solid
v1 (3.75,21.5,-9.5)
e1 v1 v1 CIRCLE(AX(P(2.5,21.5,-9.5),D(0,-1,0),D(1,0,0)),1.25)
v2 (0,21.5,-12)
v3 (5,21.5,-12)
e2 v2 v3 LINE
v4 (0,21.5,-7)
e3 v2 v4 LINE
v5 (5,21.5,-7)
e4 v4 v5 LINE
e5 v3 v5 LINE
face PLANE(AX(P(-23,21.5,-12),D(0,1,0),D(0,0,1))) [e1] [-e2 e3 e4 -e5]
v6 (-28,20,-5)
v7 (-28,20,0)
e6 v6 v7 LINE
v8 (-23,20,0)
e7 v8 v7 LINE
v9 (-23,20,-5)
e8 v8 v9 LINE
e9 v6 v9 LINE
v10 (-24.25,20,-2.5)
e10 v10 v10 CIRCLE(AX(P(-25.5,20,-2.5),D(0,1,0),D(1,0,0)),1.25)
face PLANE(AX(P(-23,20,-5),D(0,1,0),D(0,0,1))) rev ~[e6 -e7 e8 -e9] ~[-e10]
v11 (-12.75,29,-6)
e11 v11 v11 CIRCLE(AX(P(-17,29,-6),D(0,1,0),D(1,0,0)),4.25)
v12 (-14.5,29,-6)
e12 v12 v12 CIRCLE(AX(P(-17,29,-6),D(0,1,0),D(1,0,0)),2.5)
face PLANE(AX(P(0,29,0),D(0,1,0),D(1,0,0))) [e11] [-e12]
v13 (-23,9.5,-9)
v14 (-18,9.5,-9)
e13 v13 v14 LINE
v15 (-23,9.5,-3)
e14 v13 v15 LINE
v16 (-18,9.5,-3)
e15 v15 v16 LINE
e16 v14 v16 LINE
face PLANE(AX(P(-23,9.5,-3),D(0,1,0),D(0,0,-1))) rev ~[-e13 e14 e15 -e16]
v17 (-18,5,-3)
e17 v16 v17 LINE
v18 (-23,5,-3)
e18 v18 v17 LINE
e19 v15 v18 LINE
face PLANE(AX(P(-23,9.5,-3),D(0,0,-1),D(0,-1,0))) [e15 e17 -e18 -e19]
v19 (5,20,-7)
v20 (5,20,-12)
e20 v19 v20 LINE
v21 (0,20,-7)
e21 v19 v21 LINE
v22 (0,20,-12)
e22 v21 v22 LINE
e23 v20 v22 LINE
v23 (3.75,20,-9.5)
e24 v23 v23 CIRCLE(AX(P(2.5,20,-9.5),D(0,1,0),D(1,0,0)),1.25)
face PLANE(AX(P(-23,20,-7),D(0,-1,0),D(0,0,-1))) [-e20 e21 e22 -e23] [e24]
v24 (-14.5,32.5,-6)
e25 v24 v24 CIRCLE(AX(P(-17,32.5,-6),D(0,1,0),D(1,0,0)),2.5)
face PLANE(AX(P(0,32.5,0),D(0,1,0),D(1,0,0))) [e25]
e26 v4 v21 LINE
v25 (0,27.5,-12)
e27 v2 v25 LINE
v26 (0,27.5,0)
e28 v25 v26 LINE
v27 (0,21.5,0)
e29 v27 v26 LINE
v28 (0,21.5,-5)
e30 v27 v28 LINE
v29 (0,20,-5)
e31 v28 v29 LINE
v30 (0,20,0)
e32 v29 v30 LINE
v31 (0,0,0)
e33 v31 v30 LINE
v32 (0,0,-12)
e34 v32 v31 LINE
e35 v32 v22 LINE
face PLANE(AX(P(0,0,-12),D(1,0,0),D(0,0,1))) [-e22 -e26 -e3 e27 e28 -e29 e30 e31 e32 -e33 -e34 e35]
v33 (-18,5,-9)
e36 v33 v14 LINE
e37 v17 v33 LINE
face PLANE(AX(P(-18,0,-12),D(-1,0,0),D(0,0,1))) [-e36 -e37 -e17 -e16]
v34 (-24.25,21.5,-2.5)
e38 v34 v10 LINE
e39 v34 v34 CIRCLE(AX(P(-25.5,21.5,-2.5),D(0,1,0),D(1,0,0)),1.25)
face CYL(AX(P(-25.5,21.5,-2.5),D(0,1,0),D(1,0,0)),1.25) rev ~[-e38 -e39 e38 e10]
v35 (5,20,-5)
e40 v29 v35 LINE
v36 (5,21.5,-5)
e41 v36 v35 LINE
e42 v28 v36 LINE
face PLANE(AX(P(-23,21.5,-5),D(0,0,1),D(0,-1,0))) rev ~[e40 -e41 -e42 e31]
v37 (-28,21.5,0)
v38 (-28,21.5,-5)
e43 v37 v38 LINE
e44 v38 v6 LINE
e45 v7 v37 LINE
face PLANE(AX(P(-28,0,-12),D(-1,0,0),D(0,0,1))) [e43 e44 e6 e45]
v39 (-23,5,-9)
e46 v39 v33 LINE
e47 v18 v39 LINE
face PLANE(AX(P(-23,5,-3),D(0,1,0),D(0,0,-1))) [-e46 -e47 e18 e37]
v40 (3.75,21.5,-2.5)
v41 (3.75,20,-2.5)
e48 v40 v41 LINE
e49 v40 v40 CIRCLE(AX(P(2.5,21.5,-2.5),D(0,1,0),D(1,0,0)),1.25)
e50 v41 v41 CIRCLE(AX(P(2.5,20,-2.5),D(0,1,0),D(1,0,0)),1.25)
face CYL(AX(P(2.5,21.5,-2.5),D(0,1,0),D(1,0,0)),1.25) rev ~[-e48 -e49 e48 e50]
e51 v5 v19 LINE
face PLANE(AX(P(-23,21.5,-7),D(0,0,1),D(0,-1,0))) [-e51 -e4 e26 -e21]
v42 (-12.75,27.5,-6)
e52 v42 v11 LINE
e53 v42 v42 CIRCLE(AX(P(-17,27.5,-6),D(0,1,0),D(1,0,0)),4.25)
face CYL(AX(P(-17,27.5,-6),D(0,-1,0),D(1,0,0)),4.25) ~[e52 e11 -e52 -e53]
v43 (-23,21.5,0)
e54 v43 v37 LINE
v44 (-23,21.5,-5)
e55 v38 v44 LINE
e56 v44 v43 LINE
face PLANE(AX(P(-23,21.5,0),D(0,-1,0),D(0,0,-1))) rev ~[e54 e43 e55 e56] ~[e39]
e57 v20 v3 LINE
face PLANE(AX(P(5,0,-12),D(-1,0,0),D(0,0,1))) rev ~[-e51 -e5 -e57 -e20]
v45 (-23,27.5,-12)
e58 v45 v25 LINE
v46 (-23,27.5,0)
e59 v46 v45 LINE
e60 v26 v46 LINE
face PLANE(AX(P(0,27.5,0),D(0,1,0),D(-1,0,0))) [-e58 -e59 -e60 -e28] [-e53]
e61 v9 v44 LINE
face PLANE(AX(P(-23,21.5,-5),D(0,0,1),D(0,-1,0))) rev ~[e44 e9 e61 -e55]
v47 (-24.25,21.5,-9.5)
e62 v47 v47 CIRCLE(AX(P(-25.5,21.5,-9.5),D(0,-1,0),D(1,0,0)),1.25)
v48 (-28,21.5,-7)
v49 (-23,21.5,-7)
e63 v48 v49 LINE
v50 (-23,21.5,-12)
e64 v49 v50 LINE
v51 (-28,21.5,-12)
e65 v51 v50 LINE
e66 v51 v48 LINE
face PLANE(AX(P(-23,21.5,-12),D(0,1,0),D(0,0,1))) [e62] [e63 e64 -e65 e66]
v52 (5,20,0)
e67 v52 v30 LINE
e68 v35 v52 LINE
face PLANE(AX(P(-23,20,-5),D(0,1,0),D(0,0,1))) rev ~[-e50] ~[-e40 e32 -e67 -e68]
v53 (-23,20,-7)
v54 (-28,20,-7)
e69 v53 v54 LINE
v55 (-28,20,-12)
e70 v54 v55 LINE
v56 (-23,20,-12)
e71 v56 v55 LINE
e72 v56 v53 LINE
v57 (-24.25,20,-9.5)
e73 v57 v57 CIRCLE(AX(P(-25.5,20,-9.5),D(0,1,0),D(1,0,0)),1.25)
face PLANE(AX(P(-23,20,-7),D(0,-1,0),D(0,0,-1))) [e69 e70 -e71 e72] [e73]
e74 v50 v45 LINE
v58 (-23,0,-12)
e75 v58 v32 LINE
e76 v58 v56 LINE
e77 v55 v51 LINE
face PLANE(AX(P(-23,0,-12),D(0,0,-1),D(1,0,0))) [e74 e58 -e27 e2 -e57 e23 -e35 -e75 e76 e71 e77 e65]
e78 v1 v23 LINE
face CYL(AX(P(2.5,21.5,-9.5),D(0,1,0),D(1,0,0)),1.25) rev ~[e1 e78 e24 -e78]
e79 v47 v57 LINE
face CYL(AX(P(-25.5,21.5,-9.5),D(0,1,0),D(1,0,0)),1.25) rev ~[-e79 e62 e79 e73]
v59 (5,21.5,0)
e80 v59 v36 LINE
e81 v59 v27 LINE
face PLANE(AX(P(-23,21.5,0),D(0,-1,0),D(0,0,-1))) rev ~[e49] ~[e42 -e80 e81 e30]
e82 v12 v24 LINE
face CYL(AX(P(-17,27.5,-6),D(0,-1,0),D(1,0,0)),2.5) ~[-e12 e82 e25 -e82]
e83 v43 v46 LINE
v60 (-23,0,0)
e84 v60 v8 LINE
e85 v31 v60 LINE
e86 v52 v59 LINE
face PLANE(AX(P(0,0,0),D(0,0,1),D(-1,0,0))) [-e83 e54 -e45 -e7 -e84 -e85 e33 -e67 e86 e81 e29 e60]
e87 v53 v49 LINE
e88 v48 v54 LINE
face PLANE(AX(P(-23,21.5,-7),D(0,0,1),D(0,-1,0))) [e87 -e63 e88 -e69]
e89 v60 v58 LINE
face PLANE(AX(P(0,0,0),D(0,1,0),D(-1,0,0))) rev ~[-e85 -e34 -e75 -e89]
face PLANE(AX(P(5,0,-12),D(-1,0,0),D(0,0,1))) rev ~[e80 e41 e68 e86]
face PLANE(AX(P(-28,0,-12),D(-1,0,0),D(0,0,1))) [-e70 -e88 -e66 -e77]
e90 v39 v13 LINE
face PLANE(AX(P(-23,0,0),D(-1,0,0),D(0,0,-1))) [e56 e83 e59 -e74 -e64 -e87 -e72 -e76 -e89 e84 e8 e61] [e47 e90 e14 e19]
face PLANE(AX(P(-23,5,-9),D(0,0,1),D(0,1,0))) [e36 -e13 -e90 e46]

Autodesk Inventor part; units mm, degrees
ref_plane "YZ Plane" through (0, 0, 0) normal (1, 0, 0) x (0, 1, 0)
ref_plane "XZ Plane" through (0, 0, 0) normal (0, 1, 0) x (-1, 0, 0)
ref_plane "XY Plane" through (0, 0, 0) normal (0, 0, 1) x (1, 0, 0)
sketch "Boceto1" plane through (0, 0, 0) normal (0, 1, 0) x (-1, 0, 0)
  line L0 (0, 0) -> (23, 0)
  line L1 (23, 0) -> (23, -12)
  line L2 (23, -12) -> (0, -12)
  line L3 (0, -12) -> (0, 0)
  dimension "d0" = 23
  dimension "d1" = 12
extrude "Extrusión1" add sketch "Boceto1" along normal blind 27.5
sketch "Boceto2" plane through (0, 27.5, 0) normal (0, 1, 0) x (1, 0, 0)
  line L0 (0, 0) -> (0, 12) projected
  line L1 (0, 0) -> (0, 12)
  line L2 (0, 6) -> (-17, 6)
  circle A0 centre (-17, 6) radius 4.25
  circle A1 centre (-17, 6) radius 2.5
  dimension "d4" = 17
  dimension "d5" = 8.5
  dimension "d6" = 5
extrude "Extrusión2" add sketch "Boceto2" along normal blind 5 contours A1
sketch "Boceto3" plane through (0, 27.5, 0) normal (0, 1, 0) x (1, 0, 0)
  circle A0 centre (-17, 6) radius 2.5 projected
  circle A1 centre (-17, 6) radius 4.25
  point P0 (0, 0)
  dimension "d9" = 8.5
extrude "Extrusión3" add sketch "Boceto3" along normal blind 1.5
sketch "Boceto4" plane through (-23, 0, -12) normal (-1, 0, 0) x (0, 0, 1)
  line L0 (12, 0) -> (12, 27.5) projected
  line L1 (12, 27.5) -> (12, 20)
  line L2 (12, 20) -> (12, 21.5)
  line L3 (0, 0) -> (0, 27.5) projected
  line L4 (12, 21.5) -> (7, 21.5)
  line L5 (7, 21.5) -> (7, 20)
  line L6 (7, 20) -> (12, 20)
  line L7 (0, 21.5) -> (5, 21.5)
  line L8 (5, 21.5) -> (5, 20)
  line L9 (5, 20) -> (0, 20)
  line L10 (0, 21.5) -> (0, 20)
  dimension "d12" = 7.5
  dimension "d13" = 1.5
  dimension "d14" = 5
  dimension "d15" = 5
extrude "Extrusión4" add sketch "Boceto4" along normal blind 5 and the other way blind 28
sketch "Boceto5" plane through (-23, 21.5, -7) normal (0, 1, 0) x (1, 0, 0)
  line L0 (-5, 0) -> (-5, 5) projected
  line L1 (-5, 2.5) -> (0, 2.5)
  line L2 (0, -7) -> (0, 5) projected
  circle A0 centre (-2.5, 2.5) radius 1.25
  circle A1 centre (-2.5, -4.5) radius 1.25
  line L3 (28, 0) -> (28, 5) projected
  line L4 (28, 2.5) -> (23, 2.5)
  circle A2 centre (25.5, 2.5) radius 1.25
  circle A3 centre (25.5, -4.5) radius 1.25
  point P0 (23, -7)
  dimension "d20" = 2.5
  dimension "d21" = 2.5
  dimension "d22" = 2.5
  dimension "d23" = 2.5
extrude "Extrusión5" cut sketch "Boceto5" against normal blind 5
sketch "Boceto6" plane through (-23, 0, -12) normal (-1, 0, 0) x (0, 0, 1)
  line L0 (12, 0) -> (12, 20) projected
  line L1 (12, 20) -> (12, 9.5)
  line L2 (12, 9.5) -> (0, 9.5)
  line L3 (0, 0) -> (0, 20) projected
  line L4 (6, 9.5) -> (9, 9.5)
  line L5 (9, 9.5) -> (9, 5)
  line L6 (9, 5) -> (3, 5)
  line L7 (3, 5) -> (3, 9.5)
  dimension "d26" = 10.5
  dimension "d27" = 3
  dimension "d28" = 4.5
  dimension "d29" = 6
extrude "Extrusión6" cut sketch "Boceto6" against normal blind 5
properties part number "microservo_FT_2322"
